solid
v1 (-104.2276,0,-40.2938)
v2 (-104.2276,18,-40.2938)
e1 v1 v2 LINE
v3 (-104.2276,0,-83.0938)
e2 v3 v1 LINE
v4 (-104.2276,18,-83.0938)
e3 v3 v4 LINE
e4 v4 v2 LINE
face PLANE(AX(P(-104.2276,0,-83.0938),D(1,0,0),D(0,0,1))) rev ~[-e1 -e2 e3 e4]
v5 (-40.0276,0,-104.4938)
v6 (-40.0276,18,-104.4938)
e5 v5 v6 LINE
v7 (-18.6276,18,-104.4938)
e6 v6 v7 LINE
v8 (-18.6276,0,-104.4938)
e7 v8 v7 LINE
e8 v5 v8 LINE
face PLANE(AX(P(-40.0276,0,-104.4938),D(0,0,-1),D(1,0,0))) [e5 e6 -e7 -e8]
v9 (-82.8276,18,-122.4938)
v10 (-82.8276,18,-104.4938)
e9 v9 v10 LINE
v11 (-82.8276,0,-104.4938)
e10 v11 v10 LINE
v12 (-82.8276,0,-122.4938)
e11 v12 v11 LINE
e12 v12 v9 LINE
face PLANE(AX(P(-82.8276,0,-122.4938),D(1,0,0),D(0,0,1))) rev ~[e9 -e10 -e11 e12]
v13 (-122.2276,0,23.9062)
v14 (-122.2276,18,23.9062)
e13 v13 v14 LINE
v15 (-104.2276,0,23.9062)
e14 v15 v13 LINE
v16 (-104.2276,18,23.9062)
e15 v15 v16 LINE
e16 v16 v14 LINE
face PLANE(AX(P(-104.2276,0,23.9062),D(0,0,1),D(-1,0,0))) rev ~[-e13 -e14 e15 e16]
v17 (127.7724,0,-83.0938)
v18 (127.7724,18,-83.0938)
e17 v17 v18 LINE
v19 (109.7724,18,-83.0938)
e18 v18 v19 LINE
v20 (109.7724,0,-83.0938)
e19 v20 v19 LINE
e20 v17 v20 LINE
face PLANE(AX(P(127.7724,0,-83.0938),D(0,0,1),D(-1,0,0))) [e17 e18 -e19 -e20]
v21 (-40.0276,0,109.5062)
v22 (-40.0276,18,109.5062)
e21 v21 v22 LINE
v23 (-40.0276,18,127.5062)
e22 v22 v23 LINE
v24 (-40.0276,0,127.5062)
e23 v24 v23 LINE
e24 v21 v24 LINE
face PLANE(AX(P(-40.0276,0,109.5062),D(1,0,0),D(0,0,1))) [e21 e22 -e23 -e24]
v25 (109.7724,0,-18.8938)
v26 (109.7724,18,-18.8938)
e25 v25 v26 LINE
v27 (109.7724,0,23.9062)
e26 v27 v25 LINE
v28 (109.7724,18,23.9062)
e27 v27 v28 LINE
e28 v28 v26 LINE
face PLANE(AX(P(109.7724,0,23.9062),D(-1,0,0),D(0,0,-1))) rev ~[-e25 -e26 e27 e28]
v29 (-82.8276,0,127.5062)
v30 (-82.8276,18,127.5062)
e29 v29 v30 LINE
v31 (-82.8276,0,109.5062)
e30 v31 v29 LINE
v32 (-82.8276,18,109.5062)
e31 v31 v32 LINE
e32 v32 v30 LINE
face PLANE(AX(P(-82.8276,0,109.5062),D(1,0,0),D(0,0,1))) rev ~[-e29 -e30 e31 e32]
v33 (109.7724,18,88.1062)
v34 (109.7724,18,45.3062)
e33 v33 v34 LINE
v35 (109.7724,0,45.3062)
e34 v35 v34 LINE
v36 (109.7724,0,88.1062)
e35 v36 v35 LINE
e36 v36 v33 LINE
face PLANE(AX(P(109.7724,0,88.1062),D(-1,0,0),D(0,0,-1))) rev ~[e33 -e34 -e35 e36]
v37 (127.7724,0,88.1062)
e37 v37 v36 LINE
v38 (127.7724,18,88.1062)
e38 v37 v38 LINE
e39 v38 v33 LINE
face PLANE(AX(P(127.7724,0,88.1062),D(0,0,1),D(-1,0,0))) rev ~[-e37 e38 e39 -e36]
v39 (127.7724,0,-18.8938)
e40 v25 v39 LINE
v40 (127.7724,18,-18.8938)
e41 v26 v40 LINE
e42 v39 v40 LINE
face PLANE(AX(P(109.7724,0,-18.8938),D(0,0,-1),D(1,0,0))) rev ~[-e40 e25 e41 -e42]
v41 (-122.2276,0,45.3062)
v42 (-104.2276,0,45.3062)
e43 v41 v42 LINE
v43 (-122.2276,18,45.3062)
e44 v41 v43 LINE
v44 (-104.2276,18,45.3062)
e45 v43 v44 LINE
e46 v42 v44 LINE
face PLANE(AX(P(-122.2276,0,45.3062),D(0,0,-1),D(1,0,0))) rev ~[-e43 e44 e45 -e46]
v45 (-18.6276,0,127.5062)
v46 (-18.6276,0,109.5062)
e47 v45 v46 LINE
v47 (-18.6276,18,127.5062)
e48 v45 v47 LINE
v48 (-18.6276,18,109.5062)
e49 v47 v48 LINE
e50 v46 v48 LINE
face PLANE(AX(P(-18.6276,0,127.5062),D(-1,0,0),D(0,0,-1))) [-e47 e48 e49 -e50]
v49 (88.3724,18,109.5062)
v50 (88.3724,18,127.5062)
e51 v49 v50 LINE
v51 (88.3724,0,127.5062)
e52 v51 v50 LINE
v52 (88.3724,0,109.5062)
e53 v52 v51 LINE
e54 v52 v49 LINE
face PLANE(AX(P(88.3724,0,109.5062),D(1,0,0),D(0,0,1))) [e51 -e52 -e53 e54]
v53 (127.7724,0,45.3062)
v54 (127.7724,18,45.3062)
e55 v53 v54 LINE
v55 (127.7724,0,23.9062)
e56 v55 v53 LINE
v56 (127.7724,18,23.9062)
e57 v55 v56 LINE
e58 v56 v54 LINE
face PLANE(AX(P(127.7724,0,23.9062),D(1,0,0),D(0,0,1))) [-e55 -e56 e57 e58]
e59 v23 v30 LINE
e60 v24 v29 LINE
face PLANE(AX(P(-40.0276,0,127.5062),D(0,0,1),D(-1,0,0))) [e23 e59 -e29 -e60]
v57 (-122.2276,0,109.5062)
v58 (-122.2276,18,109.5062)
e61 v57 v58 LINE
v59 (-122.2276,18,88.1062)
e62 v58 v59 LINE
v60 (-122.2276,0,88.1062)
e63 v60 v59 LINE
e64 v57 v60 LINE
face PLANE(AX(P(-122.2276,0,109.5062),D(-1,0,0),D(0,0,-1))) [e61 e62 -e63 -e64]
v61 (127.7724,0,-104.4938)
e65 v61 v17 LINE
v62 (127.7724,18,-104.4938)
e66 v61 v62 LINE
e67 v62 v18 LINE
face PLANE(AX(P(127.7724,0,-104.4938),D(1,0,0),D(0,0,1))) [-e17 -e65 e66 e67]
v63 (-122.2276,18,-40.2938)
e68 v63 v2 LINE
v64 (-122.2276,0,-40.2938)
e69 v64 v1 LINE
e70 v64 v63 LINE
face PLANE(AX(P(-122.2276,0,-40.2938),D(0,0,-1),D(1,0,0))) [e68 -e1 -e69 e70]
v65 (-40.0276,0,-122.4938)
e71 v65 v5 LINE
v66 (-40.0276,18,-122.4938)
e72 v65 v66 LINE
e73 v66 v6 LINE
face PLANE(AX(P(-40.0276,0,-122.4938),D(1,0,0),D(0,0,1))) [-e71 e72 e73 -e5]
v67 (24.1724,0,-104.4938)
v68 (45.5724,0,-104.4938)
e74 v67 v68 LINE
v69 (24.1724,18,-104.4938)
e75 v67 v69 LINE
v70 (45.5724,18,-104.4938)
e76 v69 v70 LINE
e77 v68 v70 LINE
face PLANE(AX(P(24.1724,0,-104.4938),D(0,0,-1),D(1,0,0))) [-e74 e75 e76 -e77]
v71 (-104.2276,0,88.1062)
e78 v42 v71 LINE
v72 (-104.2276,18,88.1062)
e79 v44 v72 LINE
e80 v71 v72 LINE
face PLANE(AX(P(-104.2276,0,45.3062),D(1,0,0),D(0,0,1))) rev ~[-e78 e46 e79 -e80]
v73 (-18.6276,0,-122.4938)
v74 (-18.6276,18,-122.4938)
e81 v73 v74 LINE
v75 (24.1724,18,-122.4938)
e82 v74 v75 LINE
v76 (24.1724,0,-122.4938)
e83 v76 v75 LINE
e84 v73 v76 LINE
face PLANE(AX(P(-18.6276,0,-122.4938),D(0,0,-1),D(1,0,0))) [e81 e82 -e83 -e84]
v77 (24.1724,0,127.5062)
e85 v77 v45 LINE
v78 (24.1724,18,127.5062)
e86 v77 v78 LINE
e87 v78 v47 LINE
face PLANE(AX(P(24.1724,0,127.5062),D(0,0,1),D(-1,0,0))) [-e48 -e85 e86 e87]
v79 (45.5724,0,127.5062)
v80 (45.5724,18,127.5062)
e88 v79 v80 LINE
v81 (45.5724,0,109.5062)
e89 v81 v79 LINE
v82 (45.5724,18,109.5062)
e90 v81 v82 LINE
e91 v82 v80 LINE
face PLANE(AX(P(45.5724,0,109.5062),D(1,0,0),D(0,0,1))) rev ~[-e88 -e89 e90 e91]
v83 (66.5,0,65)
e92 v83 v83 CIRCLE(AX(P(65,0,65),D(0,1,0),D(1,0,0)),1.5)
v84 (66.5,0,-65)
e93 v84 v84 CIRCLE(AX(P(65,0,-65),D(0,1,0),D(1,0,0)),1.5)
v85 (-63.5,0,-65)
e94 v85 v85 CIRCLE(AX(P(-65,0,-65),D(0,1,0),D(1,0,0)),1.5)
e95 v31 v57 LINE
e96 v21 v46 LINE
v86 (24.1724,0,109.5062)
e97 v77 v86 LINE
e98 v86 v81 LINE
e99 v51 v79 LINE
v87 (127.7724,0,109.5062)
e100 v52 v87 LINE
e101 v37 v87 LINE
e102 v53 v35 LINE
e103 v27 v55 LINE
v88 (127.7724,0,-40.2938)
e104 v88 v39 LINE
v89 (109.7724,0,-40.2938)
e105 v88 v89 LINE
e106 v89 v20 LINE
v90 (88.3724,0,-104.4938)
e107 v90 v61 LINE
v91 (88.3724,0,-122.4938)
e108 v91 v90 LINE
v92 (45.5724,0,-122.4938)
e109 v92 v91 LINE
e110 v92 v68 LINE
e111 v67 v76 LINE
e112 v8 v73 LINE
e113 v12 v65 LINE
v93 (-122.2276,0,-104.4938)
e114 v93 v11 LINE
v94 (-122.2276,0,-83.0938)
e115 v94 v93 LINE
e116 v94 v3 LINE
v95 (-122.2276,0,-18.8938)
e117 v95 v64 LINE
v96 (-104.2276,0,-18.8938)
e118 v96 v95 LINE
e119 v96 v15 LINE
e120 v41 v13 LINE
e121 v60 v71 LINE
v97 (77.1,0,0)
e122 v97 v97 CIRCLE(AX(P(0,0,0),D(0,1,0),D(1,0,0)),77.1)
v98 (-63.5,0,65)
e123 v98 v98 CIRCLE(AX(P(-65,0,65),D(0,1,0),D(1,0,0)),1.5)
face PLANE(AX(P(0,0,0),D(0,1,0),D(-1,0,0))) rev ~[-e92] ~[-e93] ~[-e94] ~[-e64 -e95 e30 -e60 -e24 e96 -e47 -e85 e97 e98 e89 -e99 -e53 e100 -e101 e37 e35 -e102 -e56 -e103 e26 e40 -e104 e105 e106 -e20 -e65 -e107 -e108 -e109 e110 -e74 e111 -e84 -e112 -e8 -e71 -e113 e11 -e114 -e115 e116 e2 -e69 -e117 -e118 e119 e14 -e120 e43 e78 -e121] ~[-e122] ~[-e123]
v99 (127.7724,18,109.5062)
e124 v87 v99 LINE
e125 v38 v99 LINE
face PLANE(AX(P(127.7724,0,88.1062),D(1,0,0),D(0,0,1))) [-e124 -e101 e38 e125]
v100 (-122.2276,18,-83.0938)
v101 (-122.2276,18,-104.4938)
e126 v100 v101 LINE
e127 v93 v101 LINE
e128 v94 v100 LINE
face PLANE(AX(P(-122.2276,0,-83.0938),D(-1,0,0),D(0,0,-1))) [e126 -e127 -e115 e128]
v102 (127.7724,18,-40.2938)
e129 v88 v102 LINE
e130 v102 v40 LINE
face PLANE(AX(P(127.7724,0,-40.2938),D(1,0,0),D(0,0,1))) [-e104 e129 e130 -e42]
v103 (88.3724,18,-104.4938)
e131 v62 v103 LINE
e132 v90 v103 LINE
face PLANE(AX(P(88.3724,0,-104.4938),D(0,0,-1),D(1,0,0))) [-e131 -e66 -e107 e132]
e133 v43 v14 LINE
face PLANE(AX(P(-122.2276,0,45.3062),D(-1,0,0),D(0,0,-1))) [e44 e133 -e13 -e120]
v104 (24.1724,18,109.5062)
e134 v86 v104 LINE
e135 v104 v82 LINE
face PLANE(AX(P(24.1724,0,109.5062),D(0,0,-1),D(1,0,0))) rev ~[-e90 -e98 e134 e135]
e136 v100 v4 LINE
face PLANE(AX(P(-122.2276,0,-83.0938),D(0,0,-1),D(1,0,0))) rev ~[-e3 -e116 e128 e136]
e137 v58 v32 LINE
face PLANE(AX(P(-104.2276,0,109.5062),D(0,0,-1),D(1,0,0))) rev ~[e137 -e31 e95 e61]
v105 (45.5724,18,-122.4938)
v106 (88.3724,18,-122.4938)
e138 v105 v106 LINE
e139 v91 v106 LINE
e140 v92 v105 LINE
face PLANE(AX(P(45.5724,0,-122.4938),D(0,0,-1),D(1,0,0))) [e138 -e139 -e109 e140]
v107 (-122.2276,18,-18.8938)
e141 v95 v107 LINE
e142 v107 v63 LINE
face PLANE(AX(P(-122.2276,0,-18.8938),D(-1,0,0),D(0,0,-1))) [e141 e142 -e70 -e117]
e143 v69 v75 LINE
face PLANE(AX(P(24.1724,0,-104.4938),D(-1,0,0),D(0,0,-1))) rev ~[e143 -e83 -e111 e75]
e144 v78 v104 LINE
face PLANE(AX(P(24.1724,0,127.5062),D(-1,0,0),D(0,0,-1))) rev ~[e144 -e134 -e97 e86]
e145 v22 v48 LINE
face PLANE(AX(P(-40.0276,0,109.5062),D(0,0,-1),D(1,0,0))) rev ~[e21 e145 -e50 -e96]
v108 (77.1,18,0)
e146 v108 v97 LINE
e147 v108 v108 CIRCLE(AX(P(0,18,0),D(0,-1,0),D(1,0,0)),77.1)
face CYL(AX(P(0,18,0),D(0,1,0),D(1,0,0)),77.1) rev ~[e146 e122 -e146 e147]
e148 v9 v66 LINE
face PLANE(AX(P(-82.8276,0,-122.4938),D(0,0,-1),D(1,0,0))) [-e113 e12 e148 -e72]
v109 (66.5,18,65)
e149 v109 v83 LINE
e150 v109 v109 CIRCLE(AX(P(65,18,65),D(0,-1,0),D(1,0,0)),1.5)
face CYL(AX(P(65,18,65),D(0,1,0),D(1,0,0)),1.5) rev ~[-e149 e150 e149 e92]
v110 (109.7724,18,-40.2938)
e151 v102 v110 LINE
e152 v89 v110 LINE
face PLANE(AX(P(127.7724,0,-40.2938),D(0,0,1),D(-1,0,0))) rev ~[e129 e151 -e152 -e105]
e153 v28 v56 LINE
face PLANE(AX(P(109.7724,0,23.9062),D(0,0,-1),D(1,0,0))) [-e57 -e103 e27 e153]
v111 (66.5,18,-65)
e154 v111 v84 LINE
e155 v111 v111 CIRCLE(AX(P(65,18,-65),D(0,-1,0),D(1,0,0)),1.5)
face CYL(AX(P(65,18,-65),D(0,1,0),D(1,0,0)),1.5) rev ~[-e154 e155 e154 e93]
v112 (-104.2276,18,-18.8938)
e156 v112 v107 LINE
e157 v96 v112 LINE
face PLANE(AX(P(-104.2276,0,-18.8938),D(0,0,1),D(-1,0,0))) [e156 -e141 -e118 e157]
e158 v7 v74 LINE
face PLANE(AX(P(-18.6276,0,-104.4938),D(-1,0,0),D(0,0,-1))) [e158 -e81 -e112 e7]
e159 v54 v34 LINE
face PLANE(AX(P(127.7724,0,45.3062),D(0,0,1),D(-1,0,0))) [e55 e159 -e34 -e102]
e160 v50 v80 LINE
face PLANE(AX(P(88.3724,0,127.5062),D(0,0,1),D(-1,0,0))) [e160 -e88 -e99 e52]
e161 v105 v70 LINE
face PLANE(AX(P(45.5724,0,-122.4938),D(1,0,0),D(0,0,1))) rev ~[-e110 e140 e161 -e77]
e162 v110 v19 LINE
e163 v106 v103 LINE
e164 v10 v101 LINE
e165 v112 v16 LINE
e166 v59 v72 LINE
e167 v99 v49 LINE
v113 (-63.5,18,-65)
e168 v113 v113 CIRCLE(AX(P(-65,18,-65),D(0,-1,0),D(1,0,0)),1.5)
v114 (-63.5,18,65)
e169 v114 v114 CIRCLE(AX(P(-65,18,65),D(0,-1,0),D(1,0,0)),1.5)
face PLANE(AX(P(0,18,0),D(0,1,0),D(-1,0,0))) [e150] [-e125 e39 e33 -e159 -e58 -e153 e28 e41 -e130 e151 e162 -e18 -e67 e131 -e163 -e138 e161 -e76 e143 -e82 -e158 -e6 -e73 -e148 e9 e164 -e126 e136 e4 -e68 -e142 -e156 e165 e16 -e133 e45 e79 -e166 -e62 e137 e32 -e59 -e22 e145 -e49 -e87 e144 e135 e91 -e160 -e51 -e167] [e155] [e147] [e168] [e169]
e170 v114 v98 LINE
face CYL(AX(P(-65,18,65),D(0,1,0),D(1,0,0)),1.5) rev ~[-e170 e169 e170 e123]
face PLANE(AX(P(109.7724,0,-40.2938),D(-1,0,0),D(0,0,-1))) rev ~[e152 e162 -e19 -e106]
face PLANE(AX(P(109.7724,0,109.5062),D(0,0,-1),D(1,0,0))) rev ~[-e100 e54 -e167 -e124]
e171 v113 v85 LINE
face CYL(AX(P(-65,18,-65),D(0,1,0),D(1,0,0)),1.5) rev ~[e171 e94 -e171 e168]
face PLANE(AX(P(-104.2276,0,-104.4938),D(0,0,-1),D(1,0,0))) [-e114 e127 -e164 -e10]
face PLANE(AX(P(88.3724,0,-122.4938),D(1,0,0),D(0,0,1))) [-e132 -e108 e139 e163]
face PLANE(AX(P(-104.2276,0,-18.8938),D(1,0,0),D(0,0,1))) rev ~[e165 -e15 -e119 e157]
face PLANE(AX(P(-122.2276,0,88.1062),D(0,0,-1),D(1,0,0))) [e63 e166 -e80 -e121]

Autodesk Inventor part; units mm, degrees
ref_plane "YZ Plane" through (0, 0, 0) normal (1, 0, 0) x (0, 1, 0)
ref_plane "XZ Plane" through (0, 0, 0) normal (0, 1, 0) x (-1, 0, 0)
ref_plane "XY Plane" through (0, 0, 0) normal (0, 0, 1) x (1, 0, 0)
sketch "Sketch1" plane through (0, 0, 0) normal (0, 1, 0) x (-1, 0, 0)
  line L0 (-127.7724, 127.5062) -> (122.2276, 127.5062)
  line L1 (122.2276, 127.5062) -> (122.2276, -122.4938)
  line L2 (122.2276, -122.4938) -> (-127.7724, -122.4938)
  line L3 (-127.7724, -122.4938) -> (-127.7724, 127.5062)
  line L4 (104.2276, -104.4938) -> (104.2276, 109.5062)
  line L5 (104.2276, -104.4938) -> (-109.7724, -104.4938)
  line L6 (-109.7724, -104.4938) -> (104.2276, -104.4938)
  line L7 (122.2276, 109.5062) -> (122.2276, 88.1062)
  line L8 (122.2276, 88.1062) -> (104.2276, 88.1062)
  line L9 (104.2276, 88.1062) -> (104.2276, 109.5062)
  line L10 (122.2276, 45.3062) -> (104.2276, 45.3062)
  line L11 (104.2276, 45.3062) -> (104.2276, 23.9062)
  line L12 (104.2276, 23.9062) -> (122.2276, 23.9062)
  line L13 (104.2276, -18.8938) -> (122.2276, -18.8938)
  line L14 (122.2276, -40.2938) -> (104.2276, -40.2938)
  line L15 (122.2276, -83.0938) -> (104.2276, -83.0938)
  line L16 (-127.7724, 127.5062) -> (-127.7724, 109.5062)
  line L17 (104.2276, 109.5062) -> (104.2276, 127.5062)
  line L18 (-127.7724, -83.0938) -> (-109.7724, -83.0938)
  line L19 (-127.7724, -40.2938) -> (-109.7724, -40.2938)
  line L20 (-109.7724, -18.8938) -> (-127.7724, -18.8938)
  line L21 (-109.7724, 23.9062) -> (-127.7724, 23.9062)
  line L22 (-127.7724, 45.3062) -> (-109.7724, 45.3062)
  line L23 (-127.7724, 88.1062) -> (-109.7724, 88.1062)
  line L24 (18.6276, -104.4938) -> (18.6276, -122.4938)
  line L25 (-24.1724, -104.4938) -> (-24.1724, -122.4938)
  line L26 (-45.5724, -122.4938) -> (-45.5724, -104.4938)
  line L27 (-88.3724, -122.4938) -> (-88.3724, -104.4938)
  line L28 (40.0276, -122.4938) -> (40.0276, -104.4938)
  line L29 (82.8276, -122.4938) -> (82.8276, -104.4938)
  line L30 (18.6276, 127.5062) -> (18.6276, 109.5062)
  line L31 (40.0276, 109.5062) -> (40.0276, 127.5062)
  line L32 (82.8276, 109.5062) -> (82.8276, 127.5062)
  line L33 (-45.5724, 109.5062) -> (-45.5724, 127.5062)
  line L34 (-88.3724, 109.5062) -> (-88.3724, 127.5062)
  line L35 (-24.1724, 127.5062) -> (-24.1724, 109.5062)
  line L36 (104.2276, 109.5062) -> (-109.7724, 109.5062)
  line L37 (-109.7724, 109.5062) -> (-109.7724, -104.4938)
  line L38 (-109.7724, 109.5062) -> (-127.7724, 109.5062)
  line L39 (-127.7724, 109.5062) -> (-127.7724, 127.5062)
  line L40 (-127.7724, 127.5062) -> (-109.7724, 127.5062)
  line L41 (-109.7724, 127.5062) -> (-109.7724, 109.5062)
  line L42 (-109.7724, -104.4938) -> (-127.7724, -104.4938)
  line L43 (-127.7724, -104.4938) -> (-127.7724, -122.4938)
  line L44 (-127.7724, -122.4938) -> (-109.7724, -122.4938)
  line L45 (-109.7724, -122.4938) -> (-109.7724, -104.4938)
  line L46 (104.2276, -104.4938) -> (122.2276, -104.4938)
  line L47 (122.2276, -104.4938) -> (122.2276, -122.4938)
  line L48 (122.2276, -122.4938) -> (104.2276, -122.4938)
  line L49 (104.2276, -122.4938) -> (104.2276, -104.4938)
  line L50 (104.2276, 109.5062) -> (122.2276, 109.5062)
  line L51 (122.2276, 109.5062) -> (122.2276, 127.5062)
  line L52 (122.2276, 127.5062) -> (104.2276, 127.5062)
  line L53 (104.2276, 127.5062) -> (104.2276, 109.5062)
  point P0 (0, 0)
  point P1 (-127.7724, -18.8938)
  point P2 (-109.7724, -104.4938)
  point P3 (-109.7724, -104.4938)
  dimension "d0" = 250
  dimension "d1" = 250
  dimension "d2" = 21.4
extrude "Plate1" add sketch "Sketch1" along normal blind 18 contours L38 L37 L23 L3 | L0 L33 L36 L34 | L36 L4 L5 L37 | L22 L37 L21 L3 | L0 L30 L36 L35 | L20 L37 L19 L3 | L0 L32 L36 L31 | L18 L37 L42 L3 | L50 L1 L8 L4 | L5 L26 L2 L27 | L10 L1 L12 L4 | L5 L24 L2 L25 | L13 L1 L14 L4 | L5 L29 L2 L28 | L15 L1 L46 L4
sketch "Sketch2" plane through (0, 18, 0) normal (0, 1, 0) x (1, 0, 0)
  circle A0 centre (0, 0) radius 77.1
  line L0 (-65, 65) -> (65, 65)
  line L1 (65, 65) -> (65, -65)
  line L2 (65, -65) -> (-65, -65)
  line L3 (-65, -65) -> (-65, 65)
  line L4 (-65, 65) -> (65, -65) construction
  line L5 (65, 65) -> (-65, -65) construction
  circle A1 centre (65, 65) radius 1.5
  circle A2 centre (65, -65) radius 1.5
  circle A3 centre (-65, -65) radius 1.5
  circle A4 centre (-65, 65) radius 1.5
  dimension "d4" = 154.2
  dimension "d5" = 130
  dimension "d6" = 130
  dimension "d7" = 3
  dimension "d8" = 3
  dimension "d9" = 3
  dimension "d10" = 3
extrude "Cut1" cut sketch "Sketch2" against normal blind 18 contours A0 L1 | L1 A0 L2 L3 L0 | L0 A0 | A1 L0 L1 | L1 L0 A1 | A0 L2 | A2 L2 L1 | L1 L2 A2 | L3 A0 | A4 L3 L0 | L0 L3 A4 | A3 L3 L2 | L2 L3 A3
equation "\"d11\" = Thickness"
equation "\"d3\" = Thickness"
equation "\"BendRadius\" = Thickness"
equation "\"BendReliefWidth\" = Thickness"
equation "\"BendReliefDepth\" = 0.5 * Thickness"
equation "\"CornerReliefSize\" = 4 * Thickness"
equation "\"MinimumRemnant\" = 2 * Thickness"
equation "\"TransitionRadius\" = BendRadius"
equation "\"JacobiRadiusSize\" = BendRadius"
equation "\"GapSize\" = Thickness"
equation "\"Thickness\" = 18"
properties part number "2"
